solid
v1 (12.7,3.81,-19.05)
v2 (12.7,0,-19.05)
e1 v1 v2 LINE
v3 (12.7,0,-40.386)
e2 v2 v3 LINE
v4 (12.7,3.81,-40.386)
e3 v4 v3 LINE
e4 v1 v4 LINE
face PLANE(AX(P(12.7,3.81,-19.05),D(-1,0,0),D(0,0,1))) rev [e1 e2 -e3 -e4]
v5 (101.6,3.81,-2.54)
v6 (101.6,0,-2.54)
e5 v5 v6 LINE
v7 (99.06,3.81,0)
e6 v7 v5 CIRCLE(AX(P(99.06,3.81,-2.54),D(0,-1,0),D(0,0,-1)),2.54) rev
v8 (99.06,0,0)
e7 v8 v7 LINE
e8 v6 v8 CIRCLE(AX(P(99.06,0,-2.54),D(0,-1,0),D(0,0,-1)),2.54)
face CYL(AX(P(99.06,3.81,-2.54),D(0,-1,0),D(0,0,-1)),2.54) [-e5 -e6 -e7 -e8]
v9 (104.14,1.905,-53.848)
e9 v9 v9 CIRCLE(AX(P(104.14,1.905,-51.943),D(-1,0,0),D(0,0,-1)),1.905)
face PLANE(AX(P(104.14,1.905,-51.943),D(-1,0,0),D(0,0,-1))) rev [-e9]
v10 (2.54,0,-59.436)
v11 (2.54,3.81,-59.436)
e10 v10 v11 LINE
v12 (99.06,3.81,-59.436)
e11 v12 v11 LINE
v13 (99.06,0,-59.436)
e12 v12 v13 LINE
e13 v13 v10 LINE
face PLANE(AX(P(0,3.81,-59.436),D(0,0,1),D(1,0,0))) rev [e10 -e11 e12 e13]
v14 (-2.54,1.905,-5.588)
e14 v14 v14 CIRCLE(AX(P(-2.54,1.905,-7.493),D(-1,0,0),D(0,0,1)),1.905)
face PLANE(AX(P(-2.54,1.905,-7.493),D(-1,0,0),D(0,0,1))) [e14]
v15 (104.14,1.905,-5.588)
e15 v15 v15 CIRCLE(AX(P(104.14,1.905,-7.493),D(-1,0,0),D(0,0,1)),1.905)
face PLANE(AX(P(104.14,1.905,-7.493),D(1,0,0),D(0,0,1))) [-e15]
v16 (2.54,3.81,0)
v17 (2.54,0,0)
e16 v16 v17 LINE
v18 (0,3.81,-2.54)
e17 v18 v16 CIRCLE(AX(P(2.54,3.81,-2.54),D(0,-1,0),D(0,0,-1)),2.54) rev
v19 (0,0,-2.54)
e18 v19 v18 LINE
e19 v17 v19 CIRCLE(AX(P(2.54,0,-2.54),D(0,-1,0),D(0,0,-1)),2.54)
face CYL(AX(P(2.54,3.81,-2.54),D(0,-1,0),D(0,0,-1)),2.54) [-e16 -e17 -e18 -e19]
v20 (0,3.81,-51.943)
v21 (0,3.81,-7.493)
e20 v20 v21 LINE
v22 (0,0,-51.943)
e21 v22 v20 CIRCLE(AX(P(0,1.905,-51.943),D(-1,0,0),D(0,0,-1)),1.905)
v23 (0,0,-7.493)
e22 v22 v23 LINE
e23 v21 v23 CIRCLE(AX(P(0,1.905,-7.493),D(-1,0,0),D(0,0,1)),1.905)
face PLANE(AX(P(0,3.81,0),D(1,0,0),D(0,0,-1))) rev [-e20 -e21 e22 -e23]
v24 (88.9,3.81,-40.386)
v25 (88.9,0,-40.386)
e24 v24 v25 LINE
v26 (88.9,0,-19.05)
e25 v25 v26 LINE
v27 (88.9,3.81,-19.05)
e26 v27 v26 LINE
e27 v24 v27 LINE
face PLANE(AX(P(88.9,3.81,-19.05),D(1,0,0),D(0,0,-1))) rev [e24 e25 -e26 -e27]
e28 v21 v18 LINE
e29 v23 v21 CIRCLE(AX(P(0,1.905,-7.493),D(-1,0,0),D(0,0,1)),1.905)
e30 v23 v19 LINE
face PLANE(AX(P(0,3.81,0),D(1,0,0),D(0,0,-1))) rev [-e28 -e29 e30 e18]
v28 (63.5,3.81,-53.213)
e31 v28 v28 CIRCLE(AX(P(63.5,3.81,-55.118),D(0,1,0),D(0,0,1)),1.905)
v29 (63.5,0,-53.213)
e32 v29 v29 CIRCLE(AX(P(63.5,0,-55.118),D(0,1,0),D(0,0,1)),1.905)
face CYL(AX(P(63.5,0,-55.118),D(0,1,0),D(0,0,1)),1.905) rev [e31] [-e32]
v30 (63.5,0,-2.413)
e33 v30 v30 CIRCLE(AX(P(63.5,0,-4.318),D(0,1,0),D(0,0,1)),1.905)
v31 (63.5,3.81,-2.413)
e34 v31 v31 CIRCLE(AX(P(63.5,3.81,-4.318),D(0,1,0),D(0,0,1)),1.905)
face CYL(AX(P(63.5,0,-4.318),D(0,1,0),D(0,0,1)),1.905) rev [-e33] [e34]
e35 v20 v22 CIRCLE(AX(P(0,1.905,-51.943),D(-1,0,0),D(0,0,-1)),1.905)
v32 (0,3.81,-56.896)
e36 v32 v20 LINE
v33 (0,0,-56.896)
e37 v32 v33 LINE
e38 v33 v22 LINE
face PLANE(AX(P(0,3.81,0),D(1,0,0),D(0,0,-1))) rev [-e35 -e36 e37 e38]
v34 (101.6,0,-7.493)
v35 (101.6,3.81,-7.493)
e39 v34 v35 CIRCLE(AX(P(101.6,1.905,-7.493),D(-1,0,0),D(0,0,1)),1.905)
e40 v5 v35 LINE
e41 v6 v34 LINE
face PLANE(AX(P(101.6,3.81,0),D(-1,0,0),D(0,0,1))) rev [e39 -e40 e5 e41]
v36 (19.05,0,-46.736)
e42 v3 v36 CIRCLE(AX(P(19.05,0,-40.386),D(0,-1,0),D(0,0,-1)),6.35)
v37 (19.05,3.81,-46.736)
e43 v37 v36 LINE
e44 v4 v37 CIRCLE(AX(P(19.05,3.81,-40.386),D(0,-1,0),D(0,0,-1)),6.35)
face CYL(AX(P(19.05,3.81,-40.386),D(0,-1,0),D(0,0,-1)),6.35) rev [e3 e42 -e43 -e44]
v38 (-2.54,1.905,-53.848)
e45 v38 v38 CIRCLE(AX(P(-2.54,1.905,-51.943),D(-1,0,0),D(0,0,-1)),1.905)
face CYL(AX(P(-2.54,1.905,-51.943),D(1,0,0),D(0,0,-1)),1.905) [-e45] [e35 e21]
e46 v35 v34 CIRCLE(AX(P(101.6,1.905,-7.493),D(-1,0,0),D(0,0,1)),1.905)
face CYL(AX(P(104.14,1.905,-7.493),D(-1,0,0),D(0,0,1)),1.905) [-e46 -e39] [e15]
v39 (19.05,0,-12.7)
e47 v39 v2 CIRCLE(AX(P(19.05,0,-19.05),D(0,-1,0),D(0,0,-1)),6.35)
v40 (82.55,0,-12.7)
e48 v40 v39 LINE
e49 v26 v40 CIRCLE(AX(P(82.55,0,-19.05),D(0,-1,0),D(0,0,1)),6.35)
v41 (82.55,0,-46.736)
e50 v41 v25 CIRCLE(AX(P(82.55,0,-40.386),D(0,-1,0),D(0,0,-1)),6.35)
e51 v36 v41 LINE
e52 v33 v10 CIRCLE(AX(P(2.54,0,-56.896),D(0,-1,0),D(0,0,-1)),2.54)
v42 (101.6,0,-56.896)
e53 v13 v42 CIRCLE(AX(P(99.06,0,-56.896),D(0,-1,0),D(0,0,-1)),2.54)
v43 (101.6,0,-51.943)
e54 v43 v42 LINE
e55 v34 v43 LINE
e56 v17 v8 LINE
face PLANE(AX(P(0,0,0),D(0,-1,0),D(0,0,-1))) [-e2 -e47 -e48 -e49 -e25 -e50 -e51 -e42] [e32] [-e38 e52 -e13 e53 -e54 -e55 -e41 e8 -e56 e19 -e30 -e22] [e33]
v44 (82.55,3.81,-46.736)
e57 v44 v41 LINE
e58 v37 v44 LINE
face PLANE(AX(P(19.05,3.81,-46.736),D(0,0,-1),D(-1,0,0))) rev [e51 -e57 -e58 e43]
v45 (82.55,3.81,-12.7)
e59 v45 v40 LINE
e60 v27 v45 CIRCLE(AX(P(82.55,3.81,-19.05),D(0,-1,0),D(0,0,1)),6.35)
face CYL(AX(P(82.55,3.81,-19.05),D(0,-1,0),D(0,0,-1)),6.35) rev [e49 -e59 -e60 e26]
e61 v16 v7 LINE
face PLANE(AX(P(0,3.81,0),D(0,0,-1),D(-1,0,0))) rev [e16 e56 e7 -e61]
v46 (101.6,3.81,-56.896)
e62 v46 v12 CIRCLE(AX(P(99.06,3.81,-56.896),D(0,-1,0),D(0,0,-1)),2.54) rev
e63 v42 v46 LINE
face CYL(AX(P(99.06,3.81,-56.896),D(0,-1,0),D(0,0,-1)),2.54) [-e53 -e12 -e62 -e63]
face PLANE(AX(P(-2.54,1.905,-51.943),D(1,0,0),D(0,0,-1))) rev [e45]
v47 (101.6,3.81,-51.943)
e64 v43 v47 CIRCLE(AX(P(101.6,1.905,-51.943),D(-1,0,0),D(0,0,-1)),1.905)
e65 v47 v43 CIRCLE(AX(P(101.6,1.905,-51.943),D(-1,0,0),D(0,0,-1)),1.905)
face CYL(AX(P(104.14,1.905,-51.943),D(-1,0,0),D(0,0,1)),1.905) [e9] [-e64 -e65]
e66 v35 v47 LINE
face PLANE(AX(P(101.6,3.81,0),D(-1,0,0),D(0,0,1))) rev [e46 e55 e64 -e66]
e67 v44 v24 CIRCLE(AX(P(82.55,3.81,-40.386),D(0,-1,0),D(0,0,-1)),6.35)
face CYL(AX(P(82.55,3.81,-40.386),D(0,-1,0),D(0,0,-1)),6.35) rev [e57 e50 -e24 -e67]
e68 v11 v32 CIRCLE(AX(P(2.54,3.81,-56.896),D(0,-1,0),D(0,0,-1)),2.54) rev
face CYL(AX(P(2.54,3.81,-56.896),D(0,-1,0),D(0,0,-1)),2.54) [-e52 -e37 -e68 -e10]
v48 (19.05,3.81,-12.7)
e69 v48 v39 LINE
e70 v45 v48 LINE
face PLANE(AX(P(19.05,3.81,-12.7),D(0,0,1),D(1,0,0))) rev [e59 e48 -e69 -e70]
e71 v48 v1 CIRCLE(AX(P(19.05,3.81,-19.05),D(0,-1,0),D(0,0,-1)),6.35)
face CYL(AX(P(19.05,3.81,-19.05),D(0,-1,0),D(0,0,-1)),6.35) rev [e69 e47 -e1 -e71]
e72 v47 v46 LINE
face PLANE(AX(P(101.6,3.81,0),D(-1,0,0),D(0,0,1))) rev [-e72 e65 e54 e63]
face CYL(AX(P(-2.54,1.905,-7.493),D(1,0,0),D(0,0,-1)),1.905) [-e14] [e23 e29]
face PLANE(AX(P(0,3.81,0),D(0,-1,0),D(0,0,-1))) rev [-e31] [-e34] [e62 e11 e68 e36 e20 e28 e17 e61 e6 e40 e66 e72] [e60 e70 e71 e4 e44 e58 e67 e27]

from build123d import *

# Parameters (mm, degrees)
SKETCH1_W                       = 101.6
SKETCH1_H                       = 59.436
BASE_EXTRUDE_DEPTH              = 3.81
BASE_CORNER_FILLET_R            = 2.54
SKETCH3_R                       = 1.905
PEG_EXTRUDE_DEPTH               = 2.54
MATERIAL_REMOVAL_CUT_DEPTH      = 120.96788652
SKETCH5_R                       = 1.905
REMOTE_CONTROL_HOLDER_CUT_DEPTH = 120.96788652


with BuildPart() as part:
    # Sketch1 → Base Extrude (new body)
    with BuildSketch(Plane(origin=(0, 0, 0), x_dir=(1, 0, 0), z_dir=(0, 1, 0))):
        with Locations((50.8, 29.718)):
            Rectangle(SKETCH1_W, SKETCH1_H)
    extrude(amount=BASE_EXTRUDE_DEPTH)

    # Base Corner Fillet
    base_corner_fillet_edges = [part.edges().sort_by_distance(p)[0] for p in [
        (0, 1.905, -59.436),
        (101.6, 1.905, -59.436),
        (101.6, 1.905, 0),
        (0, 1.905, 0),
    ]]
    fillet(base_corner_fillet_edges, radius=BASE_CORNER_FILLET_R)

    # Sketch3 → Peg Extrude (add)
    with BuildSketch(Plane.ZY):
        with Locations(Location((-7.493, 1.905, 0), (0, 0, 270))):
            Circle(SKETCH3_R)
        with Locations(Location((-51.943, 1.905, 0), (0, 0, 180))):
            Circle(SKETCH3_R)
    peg_extrude = extrude(amount=PEG_EXTRUDE_DEPTH)

    # Peg Mirror: Peg Extrude across plane
    add(peg_extrude.mirror(Plane(origin=(50.8, 0, 0), x_dir=(0, 0, 1), z_dir=(1, 0, 0))))

    # Sketch4 → Material Removal Cut (cut, through all)
    with BuildSketch(Plane.XZ):
        with BuildLine():
            Line((19.05, -12.7), (82.55, -12.7))
            ThreePointArc((82.55, -12.7), (87.040128061, -14.559871939), (88.9, -19.05))
            Line((88.9, -19.05), (88.9, -40.386))
            ThreePointArc((88.9, -40.386), (87.040128061, -44.876128061), (82.55, -46.736))
            Line((82.55, -46.736), (19.05, -46.736))
            ThreePointArc((19.05, -46.736), (14.559871939, -44.876128061), (12.7, -40.386))
            Line((12.7, -40.386), (12.7, -19.05))
            ThreePointArc((12.7, -19.05), (14.559871939, -14.559871939), (19.05, -12.7))
        make_face()
    extrude(amount=-MATERIAL_REMOVAL_CUT_DEPTH, mode=Mode.SUBTRACT)

    # Sketch5 → Remote Control Holder Cut (cut, through all)
    with BuildSketch(Plane(origin=(0, 3.81, 0), x_dir=(1, 0, 0), z_dir=(0, 1, 0))):
        with Locations(Location((63.5, 4.318, 0), (0, 0, 270))):
            Circle(SKETCH5_R)
        with Locations(Location((63.5, 55.118, 0), (0, 0, 270))):
            Circle(SKETCH5_R)
    extrude(amount=-REMOTE_CONTROL_HOLDER_CUT_DEPTH, mode=Mode.SUBTRACT)


solid = part.part
